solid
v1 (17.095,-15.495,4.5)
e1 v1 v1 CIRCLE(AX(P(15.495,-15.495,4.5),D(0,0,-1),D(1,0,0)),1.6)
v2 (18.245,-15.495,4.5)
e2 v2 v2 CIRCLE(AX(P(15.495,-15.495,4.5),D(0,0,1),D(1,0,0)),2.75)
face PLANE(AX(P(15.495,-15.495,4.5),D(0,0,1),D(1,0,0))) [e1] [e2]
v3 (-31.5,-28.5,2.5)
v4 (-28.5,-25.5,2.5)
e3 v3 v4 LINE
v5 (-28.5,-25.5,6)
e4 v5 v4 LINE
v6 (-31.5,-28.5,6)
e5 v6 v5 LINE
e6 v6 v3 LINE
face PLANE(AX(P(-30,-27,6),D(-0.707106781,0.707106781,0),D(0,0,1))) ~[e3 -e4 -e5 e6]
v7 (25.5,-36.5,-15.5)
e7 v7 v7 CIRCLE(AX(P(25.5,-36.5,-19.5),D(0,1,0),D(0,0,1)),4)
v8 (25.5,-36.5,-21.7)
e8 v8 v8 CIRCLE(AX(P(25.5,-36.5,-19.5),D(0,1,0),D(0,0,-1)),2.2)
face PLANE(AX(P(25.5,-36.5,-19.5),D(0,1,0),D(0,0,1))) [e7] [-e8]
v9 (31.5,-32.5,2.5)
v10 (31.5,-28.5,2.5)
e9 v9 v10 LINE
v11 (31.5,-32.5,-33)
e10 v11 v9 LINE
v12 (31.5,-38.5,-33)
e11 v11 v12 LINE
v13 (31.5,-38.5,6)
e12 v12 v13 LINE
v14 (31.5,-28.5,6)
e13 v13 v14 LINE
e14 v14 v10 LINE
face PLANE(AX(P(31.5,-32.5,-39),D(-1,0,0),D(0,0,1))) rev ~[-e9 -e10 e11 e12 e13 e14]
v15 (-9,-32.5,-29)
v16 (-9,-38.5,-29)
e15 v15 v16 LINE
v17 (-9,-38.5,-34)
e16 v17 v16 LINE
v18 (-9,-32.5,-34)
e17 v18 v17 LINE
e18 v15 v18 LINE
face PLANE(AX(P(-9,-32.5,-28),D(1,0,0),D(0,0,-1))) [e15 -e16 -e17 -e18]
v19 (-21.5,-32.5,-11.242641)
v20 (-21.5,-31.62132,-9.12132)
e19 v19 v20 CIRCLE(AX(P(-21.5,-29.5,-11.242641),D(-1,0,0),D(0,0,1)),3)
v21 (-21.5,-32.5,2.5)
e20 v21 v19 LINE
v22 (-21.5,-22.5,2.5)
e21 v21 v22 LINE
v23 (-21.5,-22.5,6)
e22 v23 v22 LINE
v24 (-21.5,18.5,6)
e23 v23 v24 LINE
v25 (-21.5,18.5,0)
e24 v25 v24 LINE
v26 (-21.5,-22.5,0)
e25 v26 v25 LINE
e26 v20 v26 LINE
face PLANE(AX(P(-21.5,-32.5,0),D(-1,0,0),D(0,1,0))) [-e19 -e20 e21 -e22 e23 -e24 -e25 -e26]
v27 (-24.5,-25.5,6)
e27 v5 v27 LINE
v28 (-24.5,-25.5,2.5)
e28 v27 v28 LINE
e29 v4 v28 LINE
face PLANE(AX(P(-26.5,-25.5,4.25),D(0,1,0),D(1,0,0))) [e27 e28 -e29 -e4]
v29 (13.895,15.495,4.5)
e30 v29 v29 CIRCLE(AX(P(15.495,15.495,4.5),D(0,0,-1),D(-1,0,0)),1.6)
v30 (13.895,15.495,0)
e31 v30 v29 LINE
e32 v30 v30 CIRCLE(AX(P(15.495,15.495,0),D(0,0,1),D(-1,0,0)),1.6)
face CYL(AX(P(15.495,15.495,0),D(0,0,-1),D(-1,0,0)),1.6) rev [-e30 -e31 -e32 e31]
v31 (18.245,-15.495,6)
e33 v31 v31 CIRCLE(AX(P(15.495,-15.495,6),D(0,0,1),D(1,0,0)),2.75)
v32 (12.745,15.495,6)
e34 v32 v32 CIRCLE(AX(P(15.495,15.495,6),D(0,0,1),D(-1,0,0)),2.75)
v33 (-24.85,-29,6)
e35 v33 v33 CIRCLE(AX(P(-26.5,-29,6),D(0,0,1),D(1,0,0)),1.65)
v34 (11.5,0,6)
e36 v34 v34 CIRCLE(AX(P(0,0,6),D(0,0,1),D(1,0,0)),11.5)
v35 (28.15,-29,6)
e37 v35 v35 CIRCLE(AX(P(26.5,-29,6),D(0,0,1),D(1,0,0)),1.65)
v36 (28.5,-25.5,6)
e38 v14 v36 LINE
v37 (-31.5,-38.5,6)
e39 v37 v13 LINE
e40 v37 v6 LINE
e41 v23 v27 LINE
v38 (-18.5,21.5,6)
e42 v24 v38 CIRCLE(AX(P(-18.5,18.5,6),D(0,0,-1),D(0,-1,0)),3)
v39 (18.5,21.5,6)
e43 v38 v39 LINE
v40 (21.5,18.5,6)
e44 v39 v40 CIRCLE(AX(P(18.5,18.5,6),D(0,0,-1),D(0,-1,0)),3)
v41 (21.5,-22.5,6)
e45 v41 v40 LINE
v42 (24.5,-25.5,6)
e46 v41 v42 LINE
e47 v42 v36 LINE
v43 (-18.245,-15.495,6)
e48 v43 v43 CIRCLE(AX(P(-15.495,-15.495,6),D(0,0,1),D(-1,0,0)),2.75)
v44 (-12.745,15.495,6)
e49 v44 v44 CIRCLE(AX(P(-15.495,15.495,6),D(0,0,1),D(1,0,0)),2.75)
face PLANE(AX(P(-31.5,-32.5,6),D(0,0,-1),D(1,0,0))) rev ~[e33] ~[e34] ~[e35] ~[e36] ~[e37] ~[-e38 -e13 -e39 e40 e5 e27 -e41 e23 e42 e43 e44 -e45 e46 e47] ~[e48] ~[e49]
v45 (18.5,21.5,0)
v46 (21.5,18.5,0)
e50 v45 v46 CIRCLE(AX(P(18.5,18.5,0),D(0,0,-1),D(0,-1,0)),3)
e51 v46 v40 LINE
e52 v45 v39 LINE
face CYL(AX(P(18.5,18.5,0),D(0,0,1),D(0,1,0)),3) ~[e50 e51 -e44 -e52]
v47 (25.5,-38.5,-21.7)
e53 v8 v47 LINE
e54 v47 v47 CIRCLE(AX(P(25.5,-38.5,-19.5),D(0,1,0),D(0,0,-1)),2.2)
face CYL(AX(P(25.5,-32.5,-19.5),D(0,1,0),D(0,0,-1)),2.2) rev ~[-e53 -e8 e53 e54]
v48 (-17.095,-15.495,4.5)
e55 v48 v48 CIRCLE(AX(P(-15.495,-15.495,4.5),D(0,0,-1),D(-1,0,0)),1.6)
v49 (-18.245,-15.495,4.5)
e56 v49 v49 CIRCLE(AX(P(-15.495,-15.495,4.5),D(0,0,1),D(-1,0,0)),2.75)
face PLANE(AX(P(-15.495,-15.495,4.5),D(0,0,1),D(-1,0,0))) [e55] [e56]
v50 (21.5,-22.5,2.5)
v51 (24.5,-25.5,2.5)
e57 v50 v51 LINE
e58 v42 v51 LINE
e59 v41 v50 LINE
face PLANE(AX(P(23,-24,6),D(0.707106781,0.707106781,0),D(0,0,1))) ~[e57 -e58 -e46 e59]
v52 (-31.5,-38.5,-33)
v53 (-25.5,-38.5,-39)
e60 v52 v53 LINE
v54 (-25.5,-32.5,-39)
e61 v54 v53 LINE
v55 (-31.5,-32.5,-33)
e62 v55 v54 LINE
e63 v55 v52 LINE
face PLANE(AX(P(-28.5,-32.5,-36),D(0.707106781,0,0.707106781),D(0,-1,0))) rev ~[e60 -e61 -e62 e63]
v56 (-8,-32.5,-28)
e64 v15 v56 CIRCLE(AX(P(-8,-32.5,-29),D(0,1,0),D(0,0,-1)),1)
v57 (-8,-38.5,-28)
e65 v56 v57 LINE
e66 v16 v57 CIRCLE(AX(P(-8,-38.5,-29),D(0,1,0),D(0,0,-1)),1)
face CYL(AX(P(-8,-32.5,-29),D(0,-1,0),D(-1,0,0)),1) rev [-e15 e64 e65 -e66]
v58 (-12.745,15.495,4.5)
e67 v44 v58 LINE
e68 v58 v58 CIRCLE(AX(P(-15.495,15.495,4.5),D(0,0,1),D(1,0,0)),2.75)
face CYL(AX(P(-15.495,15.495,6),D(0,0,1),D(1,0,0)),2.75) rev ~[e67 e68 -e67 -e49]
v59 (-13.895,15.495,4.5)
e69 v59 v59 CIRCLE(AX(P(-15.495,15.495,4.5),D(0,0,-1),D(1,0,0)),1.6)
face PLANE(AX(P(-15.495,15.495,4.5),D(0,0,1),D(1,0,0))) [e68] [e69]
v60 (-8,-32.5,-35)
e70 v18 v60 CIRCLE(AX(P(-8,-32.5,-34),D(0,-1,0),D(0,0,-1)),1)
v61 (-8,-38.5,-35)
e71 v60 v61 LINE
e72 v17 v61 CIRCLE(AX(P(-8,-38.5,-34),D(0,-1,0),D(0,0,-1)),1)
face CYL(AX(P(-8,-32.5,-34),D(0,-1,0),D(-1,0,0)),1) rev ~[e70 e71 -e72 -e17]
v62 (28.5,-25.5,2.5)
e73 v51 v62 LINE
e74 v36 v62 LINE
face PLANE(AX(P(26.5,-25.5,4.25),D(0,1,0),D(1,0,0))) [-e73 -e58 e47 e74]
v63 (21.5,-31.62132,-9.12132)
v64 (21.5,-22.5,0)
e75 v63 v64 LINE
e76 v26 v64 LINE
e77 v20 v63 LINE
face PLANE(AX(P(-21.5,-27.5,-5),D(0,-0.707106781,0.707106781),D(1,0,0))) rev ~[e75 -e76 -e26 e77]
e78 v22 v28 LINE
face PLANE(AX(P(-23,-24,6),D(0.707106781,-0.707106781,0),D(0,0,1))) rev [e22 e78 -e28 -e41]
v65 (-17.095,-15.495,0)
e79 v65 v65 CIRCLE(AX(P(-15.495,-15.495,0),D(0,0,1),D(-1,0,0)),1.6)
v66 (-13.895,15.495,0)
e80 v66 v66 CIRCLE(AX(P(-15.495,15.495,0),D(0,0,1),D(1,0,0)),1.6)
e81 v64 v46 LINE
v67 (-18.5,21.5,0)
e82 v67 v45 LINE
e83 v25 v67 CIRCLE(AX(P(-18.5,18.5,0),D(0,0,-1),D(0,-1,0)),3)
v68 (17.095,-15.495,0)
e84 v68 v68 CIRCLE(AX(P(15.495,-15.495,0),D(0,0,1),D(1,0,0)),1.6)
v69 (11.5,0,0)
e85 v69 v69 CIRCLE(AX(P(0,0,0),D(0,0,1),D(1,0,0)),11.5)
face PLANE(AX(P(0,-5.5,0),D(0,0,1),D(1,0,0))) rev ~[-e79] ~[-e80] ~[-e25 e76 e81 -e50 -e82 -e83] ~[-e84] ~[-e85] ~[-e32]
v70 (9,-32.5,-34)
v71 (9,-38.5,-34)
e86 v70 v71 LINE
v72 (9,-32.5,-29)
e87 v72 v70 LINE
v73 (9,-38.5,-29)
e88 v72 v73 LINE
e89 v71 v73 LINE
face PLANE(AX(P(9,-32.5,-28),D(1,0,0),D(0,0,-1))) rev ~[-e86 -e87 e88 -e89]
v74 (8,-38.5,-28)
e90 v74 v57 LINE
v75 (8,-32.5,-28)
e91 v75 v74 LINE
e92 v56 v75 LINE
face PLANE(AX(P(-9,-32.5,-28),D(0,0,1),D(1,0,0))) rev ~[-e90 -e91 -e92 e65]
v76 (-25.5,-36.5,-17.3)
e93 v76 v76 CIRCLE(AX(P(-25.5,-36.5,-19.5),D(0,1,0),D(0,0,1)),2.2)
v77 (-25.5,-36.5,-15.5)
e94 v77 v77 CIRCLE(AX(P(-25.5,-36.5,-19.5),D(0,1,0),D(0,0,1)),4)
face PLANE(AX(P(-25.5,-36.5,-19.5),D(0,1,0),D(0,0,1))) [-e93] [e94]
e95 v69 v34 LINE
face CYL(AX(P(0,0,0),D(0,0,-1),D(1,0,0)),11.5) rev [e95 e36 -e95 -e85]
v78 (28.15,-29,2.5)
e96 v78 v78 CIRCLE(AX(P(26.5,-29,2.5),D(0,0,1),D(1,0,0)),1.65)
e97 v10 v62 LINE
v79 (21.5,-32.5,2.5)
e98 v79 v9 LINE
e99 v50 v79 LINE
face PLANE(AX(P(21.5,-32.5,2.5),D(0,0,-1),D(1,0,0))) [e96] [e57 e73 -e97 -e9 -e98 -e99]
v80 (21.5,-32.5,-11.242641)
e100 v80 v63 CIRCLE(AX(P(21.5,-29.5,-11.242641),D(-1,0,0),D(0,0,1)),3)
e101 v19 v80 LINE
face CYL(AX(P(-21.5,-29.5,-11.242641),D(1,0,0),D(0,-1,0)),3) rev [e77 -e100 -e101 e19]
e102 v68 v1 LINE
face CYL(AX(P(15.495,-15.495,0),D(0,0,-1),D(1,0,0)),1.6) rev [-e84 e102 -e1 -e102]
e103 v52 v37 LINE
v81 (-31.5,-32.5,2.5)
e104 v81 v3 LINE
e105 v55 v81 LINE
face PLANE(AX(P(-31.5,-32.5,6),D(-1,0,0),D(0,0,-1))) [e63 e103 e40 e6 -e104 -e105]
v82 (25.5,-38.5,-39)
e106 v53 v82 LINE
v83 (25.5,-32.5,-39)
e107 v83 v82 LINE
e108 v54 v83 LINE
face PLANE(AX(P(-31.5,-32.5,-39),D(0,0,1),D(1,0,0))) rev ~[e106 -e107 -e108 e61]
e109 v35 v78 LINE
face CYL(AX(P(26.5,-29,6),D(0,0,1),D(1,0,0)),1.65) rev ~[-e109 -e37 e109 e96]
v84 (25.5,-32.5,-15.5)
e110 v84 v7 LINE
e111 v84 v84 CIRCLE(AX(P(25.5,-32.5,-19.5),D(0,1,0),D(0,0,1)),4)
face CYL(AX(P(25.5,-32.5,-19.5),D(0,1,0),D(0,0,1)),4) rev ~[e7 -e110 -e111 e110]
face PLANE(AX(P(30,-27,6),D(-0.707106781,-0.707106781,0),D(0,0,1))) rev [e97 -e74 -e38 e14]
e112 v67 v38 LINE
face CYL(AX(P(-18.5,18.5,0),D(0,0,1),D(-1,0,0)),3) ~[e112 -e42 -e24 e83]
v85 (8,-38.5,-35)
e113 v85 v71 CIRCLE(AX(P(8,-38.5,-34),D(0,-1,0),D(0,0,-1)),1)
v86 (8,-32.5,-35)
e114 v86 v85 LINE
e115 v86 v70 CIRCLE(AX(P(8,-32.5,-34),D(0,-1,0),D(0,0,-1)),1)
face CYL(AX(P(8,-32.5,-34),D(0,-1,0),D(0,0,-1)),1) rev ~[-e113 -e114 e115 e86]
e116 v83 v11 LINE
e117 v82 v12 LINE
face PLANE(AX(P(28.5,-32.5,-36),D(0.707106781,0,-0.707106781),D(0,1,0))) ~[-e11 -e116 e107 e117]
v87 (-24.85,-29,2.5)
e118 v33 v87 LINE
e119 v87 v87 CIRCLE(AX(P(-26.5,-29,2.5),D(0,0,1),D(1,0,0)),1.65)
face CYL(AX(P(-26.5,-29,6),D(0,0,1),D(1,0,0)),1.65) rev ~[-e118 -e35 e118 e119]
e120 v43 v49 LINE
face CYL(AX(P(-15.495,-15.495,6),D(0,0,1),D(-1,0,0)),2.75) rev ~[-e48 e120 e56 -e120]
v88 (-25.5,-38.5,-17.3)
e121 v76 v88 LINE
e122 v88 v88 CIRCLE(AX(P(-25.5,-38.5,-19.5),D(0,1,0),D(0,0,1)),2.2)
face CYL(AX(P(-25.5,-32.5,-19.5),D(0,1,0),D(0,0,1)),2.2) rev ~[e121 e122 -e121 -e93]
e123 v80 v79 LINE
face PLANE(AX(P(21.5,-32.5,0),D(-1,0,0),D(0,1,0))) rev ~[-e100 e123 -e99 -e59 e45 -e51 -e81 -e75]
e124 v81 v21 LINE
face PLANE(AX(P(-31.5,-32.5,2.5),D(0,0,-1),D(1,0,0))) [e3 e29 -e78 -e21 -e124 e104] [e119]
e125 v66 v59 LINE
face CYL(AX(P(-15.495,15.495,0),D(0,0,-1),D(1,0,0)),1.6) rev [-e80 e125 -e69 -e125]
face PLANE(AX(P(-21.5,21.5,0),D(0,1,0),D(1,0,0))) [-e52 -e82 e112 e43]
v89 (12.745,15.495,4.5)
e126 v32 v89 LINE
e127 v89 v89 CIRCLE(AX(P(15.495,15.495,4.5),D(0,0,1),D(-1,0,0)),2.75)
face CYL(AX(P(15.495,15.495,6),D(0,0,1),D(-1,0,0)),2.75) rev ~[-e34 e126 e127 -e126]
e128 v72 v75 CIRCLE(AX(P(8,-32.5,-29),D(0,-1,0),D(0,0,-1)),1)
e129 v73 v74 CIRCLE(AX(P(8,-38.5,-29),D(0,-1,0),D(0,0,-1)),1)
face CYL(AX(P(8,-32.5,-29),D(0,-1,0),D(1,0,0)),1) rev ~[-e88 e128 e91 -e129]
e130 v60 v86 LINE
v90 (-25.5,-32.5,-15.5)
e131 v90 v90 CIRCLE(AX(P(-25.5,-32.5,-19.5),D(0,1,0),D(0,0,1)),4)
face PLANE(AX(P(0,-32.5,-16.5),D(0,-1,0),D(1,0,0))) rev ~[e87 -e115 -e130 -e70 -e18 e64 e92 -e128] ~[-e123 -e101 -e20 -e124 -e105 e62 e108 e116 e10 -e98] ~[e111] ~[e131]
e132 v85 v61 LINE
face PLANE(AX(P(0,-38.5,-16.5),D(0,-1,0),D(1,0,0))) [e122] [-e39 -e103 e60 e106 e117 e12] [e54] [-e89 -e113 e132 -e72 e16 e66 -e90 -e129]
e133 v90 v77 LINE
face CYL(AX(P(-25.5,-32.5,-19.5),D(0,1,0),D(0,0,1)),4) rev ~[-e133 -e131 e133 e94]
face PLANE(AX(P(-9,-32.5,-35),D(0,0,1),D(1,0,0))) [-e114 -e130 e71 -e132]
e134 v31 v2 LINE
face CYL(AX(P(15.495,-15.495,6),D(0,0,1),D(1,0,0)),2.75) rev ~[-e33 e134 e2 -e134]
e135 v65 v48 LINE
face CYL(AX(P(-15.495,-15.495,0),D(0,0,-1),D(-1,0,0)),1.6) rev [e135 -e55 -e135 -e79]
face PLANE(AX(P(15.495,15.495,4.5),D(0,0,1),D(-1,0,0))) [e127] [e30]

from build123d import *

# Parameters (mm, degrees)
SKETCH1_W           = 43
SKETCH1_H           = 54
SKETCH1_R           = 1.6
SKETCH1_R_2         = 11.5
BOSS_EXTRUDE1_DEPTH = 6
FILLET1_R           = 3
SKETCH2_W           = 63
SKETCH2_H           = 45
BOSS_EXTRUDE2_DEPTH = 6
SKETCH3_R           = 2.2
CUT_EXTRUDE1_DEPTH  = 10
CHAMFER6_SIZE       = 10
SKETCH7_R           = 2.75
CUT_EXTRUDE4_DEPTH  = 1.5
CHAMFER11_SIZE      = 6
SKETCH13_W          = 10
SKETCH13_H          = 3.5
BOSS_EXTRUDE7_DEPTH = 7
SKETCH14_R          = 1.65
CUT_EXTRUDE5_DEPTH  = 7
SKETCH15_W          = 18
SKETCH15_H          = 7
CUT_EXTRUDE6_DEPTH  = 7
FILLET9_R           = 1
FILLET10_R          = 3
SKETCH16_R          = 4
CUT_EXTRUDE7_DEPTH  = 4
CHAMFER12_SIZE      = 3


with BuildPart() as part:
    # Sketch1 → Boss-Extrude1 (new body)
    with BuildSketch(Plane.XY):
        with Locations((0, -5.5)):
            Rectangle(SKETCH1_W, SKETCH1_H)
        with Locations((-15.495, 15.495)):
            Circle(SKETCH1_R, mode=Mode.SUBTRACT)
        with Locations(Location((15.495, 15.495, 0), (0, 0, 180))):
            Circle(SKETCH1_R, mode=Mode.SUBTRACT)
        with Locations((15.495, -15.495)):
            Circle(SKETCH1_R, mode=Mode.SUBTRACT)
        with Locations(Location((-15.495, -15.495, 0), (0, 0, 180))):
            Circle(SKETCH1_R, mode=Mode.SUBTRACT)
        Circle(SKETCH1_R_2, mode=Mode.SUBTRACT)
    extrude(amount=BOSS_EXTRUDE1_DEPTH)

    # Fillet1
    fillet1_edges = [part.edges().sort_by_distance(p)[0] for p in [
        (-21.5, 21.5, 3),
        (21.5, 21.5, 3),
    ]]
    fillet(fillet1_edges, radius=FILLET1_R)

    # Sketch2 → Boss-Extrude2 (add)
    with BuildSketch(Plane.XZ.offset(32.5)):
        with Locations((0, -16.5)):
            Rectangle(SKETCH2_W, SKETCH2_H)
    extrude(amount=BOSS_EXTRUDE2_DEPTH)

    # Sketch3 → Cut-Extrude1 (cut)
    with BuildSketch(Plane(origin=(0, -32.5, 0), x_dir=(1, 0, 0), z_dir=(0, 1, 0))):
        with Locations(Location((-25.5, 19.5, 0), (0, 0, 270))):
            Circle(SKETCH3_R)
        with Locations(Location((25.5, 19.5, 0), (0, 0, 90))):
            Circle(SKETCH3_R)
    extrude(amount=-CUT_EXTRUDE1_DEPTH, mode=Mode.SUBTRACT)

    # Chamfer6
    chamfer6_edges = [part.edges().sort_by_distance(p)[0] for p in [
        (0, -32.5, 0),
    ]]
    chamfer(chamfer6_edges, length=CHAMFER6_SIZE)

    # Sketch7 → Cut-Extrude4 (cut)
    with BuildSketch(Plane.XY.offset(6)):
        with Locations((-15.495, 15.495)):
            Circle(SKETCH7_R)
        with Locations(Location((15.495, 15.495, 0), (0, 0, 180))):
            Circle(SKETCH7_R)
        with Locations((15.495, -15.495)):
            Circle(SKETCH7_R)
        with Locations(Location((-15.495, -15.495, 0), (0, 0, 180))):
            Circle(SKETCH7_R)
    extrude(amount=-CUT_EXTRUDE4_DEPTH, mode=Mode.SUBTRACT)

    # Chamfer11
    chamfer11_edges = [part.edges().sort_by_distance(p)[0] for p in [
        (-31.5, -35.5, -39),
        (31.5, -35.5, -39),
    ]]
    chamfer(chamfer11_edges, length=CHAMFER11_SIZE)

    # Sketch13 → Boss-Extrude7 (add)
    with BuildSketch(Plane(origin=(0, -32.5, 0), x_dir=(1, 0, 0), z_dir=(0, 1, 0))):
        with Locations((-26.5, -4.25)):
            Rectangle(SKETCH13_W, SKETCH13_H)
        with Locations((26.5, -4.25)):
            Rectangle(SKETCH13_W, SKETCH13_H)
    extrude(amount=BOSS_EXTRUDE7_DEPTH)

    # Sketch14 → Cut-Extrude5 (cut)
    with BuildSketch(Plane.XY.offset(6)):
        with Locations((-26.5, -29)):
            Circle(SKETCH14_R)
        with Locations((26.5, -29)):
            Circle(SKETCH14_R)
    extrude(amount=-CUT_EXTRUDE5_DEPTH, mode=Mode.SUBTRACT)

    # Sketch15 → Cut-Extrude6 (cut)
    with BuildSketch(Plane(origin=(0, -32.5, 0), x_dir=(1, 0, 0), z_dir=(0, 1, 0))):
        with Locations((0, 31.5)):
            Rectangle(SKETCH15_W, SKETCH15_H)
    extrude(amount=-CUT_EXTRUDE6_DEPTH, mode=Mode.SUBTRACT)

    # Fillet9
    fillet9_edges = [part.edges().sort_by_distance(p)[0] for p in [
        (9, -35.5, -35),
        (9, -35.5, -28),
        (-9, -35.5, -28),
        (-9, -35.5, -35),
    ]]
    fillet(fillet9_edges, radius=FILLET9_R)

    # Fillet10
    fillet10_edges = [part.edges().sort_by_distance(p)[0] for p in [
        (0, -32.5, -10),
    ]]
    fillet(fillet10_edges, radius=FILLET10_R)

    # Sketch16 → Cut-Extrude7 (cut)
    with BuildSketch(Plane(origin=(0, -32.5, 0), x_dir=(1, 0, 0), z_dir=(0, 1, 0))):
        with Locations(Location((-25.5, 19.5, 0), (0, 0, 270))):
            Circle(SKETCH16_R)
        with Locations(Location((25.5, 19.5, 0), (0, 0, 270))):
            Circle(SKETCH16_R)
    extrude(amount=-CUT_EXTRUDE7_DEPTH, mode=Mode.SUBTRACT)

    # Chamfer12
    chamfer12_edges = [part.edges().sort_by_distance(p)[0] for p in [
        (-31.5, -25.5, 4.25),
        (-21.5, -25.5, 4.25),
        (31.5, -25.5, 4.25),
        (21.5, -25.5, 4.25),
    ]]
    chamfer(chamfer12_edges, length=CHAMFER12_SIZE)


solid = part.part
